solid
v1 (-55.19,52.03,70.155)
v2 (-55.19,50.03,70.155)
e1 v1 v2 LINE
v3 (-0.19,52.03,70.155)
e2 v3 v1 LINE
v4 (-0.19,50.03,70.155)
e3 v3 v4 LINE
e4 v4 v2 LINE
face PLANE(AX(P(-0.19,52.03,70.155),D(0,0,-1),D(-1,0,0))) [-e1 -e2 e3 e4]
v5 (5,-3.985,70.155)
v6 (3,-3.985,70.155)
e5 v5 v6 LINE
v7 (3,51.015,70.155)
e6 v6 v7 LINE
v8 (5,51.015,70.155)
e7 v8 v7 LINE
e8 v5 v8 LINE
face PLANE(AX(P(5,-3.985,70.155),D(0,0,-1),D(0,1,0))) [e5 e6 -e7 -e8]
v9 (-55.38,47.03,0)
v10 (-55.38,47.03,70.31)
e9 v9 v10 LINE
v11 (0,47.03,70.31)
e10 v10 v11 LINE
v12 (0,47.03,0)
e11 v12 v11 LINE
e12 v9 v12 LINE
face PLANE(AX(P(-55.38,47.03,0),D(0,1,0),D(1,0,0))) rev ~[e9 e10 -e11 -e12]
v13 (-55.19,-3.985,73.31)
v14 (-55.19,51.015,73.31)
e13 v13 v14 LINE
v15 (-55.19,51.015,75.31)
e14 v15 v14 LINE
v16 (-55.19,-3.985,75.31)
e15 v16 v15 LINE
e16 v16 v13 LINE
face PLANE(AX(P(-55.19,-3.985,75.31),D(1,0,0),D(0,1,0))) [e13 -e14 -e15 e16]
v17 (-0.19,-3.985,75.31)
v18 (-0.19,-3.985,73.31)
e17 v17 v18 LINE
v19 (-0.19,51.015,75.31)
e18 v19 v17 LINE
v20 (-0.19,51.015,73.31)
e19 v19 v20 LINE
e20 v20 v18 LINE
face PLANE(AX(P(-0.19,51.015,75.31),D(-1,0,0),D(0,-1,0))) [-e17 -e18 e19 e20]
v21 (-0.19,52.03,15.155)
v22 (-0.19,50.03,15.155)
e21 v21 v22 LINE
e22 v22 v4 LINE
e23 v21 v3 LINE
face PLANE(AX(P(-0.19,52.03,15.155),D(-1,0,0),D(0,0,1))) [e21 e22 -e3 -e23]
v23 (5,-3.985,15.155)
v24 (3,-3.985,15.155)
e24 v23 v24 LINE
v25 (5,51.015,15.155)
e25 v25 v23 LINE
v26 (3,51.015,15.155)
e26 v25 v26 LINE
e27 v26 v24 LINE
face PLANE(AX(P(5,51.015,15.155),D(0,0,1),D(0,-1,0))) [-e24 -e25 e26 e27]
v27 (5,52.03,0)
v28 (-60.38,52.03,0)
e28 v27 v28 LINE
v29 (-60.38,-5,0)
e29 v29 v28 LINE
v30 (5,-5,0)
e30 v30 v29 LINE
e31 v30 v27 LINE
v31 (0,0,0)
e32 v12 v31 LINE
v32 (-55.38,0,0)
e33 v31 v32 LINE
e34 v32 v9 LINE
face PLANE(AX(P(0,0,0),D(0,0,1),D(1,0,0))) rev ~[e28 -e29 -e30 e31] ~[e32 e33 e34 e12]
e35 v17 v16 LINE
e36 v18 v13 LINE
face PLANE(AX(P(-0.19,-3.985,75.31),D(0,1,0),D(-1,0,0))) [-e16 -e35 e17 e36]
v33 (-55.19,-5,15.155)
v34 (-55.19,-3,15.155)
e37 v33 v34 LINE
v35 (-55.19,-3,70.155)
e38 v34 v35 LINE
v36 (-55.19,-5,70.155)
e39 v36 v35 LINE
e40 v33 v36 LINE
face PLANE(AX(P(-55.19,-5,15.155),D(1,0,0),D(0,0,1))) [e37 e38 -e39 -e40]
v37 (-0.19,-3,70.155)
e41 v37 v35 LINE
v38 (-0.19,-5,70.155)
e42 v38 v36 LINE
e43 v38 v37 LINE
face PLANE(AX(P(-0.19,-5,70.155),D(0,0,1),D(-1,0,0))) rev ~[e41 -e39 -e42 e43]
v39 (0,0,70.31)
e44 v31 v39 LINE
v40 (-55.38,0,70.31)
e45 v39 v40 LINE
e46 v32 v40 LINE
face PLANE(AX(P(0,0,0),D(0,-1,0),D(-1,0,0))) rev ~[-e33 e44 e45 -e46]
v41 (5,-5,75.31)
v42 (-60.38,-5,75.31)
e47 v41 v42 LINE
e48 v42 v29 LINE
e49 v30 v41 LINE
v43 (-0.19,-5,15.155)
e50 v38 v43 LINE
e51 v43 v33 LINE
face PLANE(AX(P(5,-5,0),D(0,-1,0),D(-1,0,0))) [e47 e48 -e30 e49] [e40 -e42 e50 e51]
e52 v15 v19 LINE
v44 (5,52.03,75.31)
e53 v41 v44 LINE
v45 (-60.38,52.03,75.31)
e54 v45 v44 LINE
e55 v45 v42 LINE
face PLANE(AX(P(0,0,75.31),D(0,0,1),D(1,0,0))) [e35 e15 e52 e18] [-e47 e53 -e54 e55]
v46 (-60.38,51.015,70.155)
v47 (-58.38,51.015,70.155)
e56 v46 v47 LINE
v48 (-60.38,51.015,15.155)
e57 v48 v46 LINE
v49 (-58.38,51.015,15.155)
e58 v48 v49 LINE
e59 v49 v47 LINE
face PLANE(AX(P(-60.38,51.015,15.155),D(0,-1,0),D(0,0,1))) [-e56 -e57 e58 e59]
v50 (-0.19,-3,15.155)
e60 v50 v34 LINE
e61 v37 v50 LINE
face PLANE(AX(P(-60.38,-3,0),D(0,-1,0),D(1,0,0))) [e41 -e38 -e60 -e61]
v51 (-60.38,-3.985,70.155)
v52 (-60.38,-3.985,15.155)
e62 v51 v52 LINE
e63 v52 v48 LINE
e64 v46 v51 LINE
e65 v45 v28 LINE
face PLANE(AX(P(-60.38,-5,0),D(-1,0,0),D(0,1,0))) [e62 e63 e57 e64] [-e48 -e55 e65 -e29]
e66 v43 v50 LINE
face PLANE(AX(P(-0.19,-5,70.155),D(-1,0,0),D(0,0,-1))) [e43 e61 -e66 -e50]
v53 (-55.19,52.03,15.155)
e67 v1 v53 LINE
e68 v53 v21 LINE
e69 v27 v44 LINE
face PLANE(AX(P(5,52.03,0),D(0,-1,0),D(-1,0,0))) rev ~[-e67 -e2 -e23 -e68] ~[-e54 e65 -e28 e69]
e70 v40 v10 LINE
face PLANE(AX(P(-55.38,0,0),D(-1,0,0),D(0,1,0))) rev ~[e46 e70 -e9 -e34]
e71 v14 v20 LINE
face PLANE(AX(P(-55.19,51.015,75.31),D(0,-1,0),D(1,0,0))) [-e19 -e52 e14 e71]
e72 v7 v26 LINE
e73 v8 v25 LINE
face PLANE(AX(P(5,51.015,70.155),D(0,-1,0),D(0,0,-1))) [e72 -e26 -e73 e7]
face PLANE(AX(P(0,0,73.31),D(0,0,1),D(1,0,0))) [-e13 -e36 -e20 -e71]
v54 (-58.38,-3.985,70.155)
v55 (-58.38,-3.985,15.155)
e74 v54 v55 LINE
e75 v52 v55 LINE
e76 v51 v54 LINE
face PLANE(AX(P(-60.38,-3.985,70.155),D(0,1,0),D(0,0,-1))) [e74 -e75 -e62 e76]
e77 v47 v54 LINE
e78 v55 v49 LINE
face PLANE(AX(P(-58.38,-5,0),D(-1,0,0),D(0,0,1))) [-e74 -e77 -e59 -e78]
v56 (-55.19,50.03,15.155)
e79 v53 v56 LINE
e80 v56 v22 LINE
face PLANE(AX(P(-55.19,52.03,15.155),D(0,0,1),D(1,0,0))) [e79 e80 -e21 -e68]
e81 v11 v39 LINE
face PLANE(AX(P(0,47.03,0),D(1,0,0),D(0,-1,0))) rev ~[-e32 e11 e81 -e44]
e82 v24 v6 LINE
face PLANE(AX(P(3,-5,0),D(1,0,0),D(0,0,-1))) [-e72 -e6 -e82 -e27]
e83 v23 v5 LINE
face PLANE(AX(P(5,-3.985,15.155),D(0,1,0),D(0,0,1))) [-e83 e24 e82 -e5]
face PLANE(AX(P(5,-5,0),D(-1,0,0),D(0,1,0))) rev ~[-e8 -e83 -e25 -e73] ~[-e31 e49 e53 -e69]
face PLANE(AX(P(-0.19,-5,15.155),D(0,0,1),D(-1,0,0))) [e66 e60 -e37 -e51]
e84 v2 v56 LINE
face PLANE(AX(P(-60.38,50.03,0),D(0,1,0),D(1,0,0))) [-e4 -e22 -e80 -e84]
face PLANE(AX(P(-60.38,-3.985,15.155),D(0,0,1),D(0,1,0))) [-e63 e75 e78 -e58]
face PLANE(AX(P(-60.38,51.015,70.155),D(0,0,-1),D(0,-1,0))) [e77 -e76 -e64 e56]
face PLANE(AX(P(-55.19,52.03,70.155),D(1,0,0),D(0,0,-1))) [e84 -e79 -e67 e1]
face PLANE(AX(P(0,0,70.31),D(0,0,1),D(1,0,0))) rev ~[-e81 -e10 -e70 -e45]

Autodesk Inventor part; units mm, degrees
ref_plane "YZ Plane" through (0, 0, 0) normal (1, 0, 0) x (0, 1, 0)
ref_plane "XZ Plane" through (0, 0, 0) normal (0, 1, 0) x (-1, 0, 0)
ref_plane "XY Plane" through (0, 0, 0) normal (0, 0, 1) x (1, 0, 0)
sketch "Sketch3" plane through (0, 0, 0) normal (0, 0, 1) x (1, 0, 0)
  line L0 (0, 0) -> (-55.38, 0)
  line L1 (-55.38, 0) -> (-55.38, 47.03)
  line L2 (-55.38, 47.03) -> (0, 47.03)
  line L3 (0, 47.03) -> (0, 0)
  line L4 (5, -5) -> (5, 52.03)
  line L5 (5, 52.03) -> (-60.38, 52.03)
  line L6 (5, -5) -> (-60.38, -5)
  line L7 (-60.38, -5) -> (-60.38, 52.03)
  dimension "d26" = 47.03
  dimension "d27" = 55.38
extrude "Extrusion10" add sketch "Sketch3" along normal blind 70.31
sketch "Sketch12" plane through (0, 0, 70.31) normal (0, 0, 1) x (1, 0, 0)
  line L0 (5, -5) -> (5, 52.03) projected
  line L1 (-60.38, 52.03) -> (-60.38, -5) projected
  line L2 (5, -5) -> (-60.38, -5)
  line L3 (-60.38, -5) -> (-60.38, 52.03)
  line L4 (-60.38, 52.03) -> (5, 52.03)
  line L5 (5, 52.03) -> (5, -5)
  point P0 (0, 0)
extrude "Extrusion13" add sketch "Sketch12" along normal blind 5
sketch "Sketch13" plane through (0, 0, 75.31) normal (0, 0, 1) x (1, 0, 0)
  line L0 (5, -5) -> (5, 52.03) projected
  line L1 (5, -5) -> (10.19, -5) construction
  line L2 (-60.38, -5) -> (5, -5) projected
  line L3 (-0.19, -5) -> (0.825, -5) construction
  line L4 (-0.19, -3.985) -> (-55.19, -3.985)
  line L5 (-55.19, -3.985) -> (-55.19, 51.015)
  line L6 (-55.19, 51.015) -> (-0.19, 51.015)
  line L7 (-0.19, 51.015) -> (-0.19, -3.985)
  point P0 (0, 0)
  dimension "d86" = 5.19
  dimension "d88" = 1.015
  dimension "d90" = 55
  dimension "d91" = 55
extrude "Extrusion14" cut sketch "Sketch13" against normal blind 2
sketch "Sketch14" plane through (-60.38, 52.03, 0) normal (0, 1, 0) x (1, 0, 0)
  line L0 (0, -75.31) -> (65.38, -75.31) projected
  line L1 (65.38, -75.31) -> (60.19, -75.31)
  line L2 (65.38, -75.31) -> (70.57, -75.31) construction
  line L3 (60.19, -75.31) -> (60.19, -70.155)
  line L4 (60.19, -75.31) -> (65.345, -75.31) construction
  line L5 (60.19, -70.155) -> (5.19, -70.155)
  line L6 (5.19, -70.155) -> (5.19, -15.155)
  line L7 (5.19, -15.155) -> (60.19, -15.155)
  line L8 (60.19, -15.155) -> (60.19, -70.155)
  point P0 (60.38, 0)
  dimension "d94" = 5.19
  dimension "d95" = 180
  dimension "d96" = 5.155
  dimension "d97" = 90
  dimension "d98" = 55
  dimension "d99" = 55
extrude "Extrusion15" cut sketch "Sketch14" against normal blind 2
sketch "Sketch15" plane through (-60.38, -5, 0) normal (0, -1, 0) x (1, 0, 0)
  line L0 (0, 75.31) -> (5.19, 75.31)
  line L1 (65.38, 75.31) -> (0, 75.31) projected
  line L2 (60.19, 70.155) -> (5.19, 70.155) projected
  line L3 (5.19, 75.31) -> (5.19, 70.155)
  line L4 (5.19, 70.155) -> (60.19, 70.155)
  line L5 (60.19, 70.155) -> (60.19, 15.155)
  line L6 (60.19, 15.155) -> (5.19, 15.155)
  line L7 (5.19, 15.155) -> (5.19, 70.155)
  point P0 (60.38, 0)
  point P1 (60.19, 70.155)
  dimension "d104" = 5.19
  dimension "d105" = 5.155
  dimension "d106" = 90
  dimension "d107" = 55
  dimension "d108" = 55
extrude "Extrusion16" cut sketch "Sketch15" against normal blind 2
sketch "Sketch16" plane through (-60.38, -5, 0) normal (-1, 0, 0) x (0, 0, 1)
  line L0 (0, 57.03) -> (15.155, 57.03)
  line L1 (0, 57.03) -> (15.155, 57.03) construction
  line L2 (15.155, 57.03) -> (15.155, 56.015)
  line L3 (15.155, 56.015) -> (70.155, 56.015)
  line L4 (70.155, 56.015) -> (70.155, 1.015)
  line L5 (70.155, 1.015) -> (15.155, 1.015)
  line L6 (15.155, 1.015) -> (15.155, 56.015)
  point P0 (0, 5)
  dimension "d111" = 15.155
  dimension "d112" = 0
  dimension "d113" = 1.015
  dimension "d114" = 90
  dimension "d115" = 55
  dimension "d116" = 55
extrude "Extrusion17" cut sketch "Sketch16" against normal blind 2
sketch "Sketch17" plane through (5, -5, 0) normal (1, 0, 0) x (0, 0, -1)
  line L0 (0, 57.03) -> (-75.31, 57.03) projected
  line L1 (-75.31, 57.03) -> (-70.155, 57.03)
  line L2 (-75.31, 57.03) -> (-70.155, 57.03) construction
  line L3 (-70.155, 57.03) -> (-70.155, 56.015)
  line L4 (-70.155, 57.03) -> (-69.14, 57.03) construction
  line L5 (-70.155, 56.015) -> (-15.155, 56.015)
  line L6 (-15.155, 56.015) -> (-15.155, 1.015)
  line L7 (-15.155, 1.015) -> (-70.155, 1.015)
  line L8 (-70.155, 1.015) -> (-70.155, 56.015)
  point P0 (0, 5)
  dimension "d119" = 5.155
  dimension "d120" = 0
  dimension "d121" = 1.015
  dimension "d122" = 90
  dimension "d123" = 55
  dimension "d124" = 55
extrude "Extrusion18" cut sketch "Sketch17" against normal blind 2
properties part number "End-Effector"
